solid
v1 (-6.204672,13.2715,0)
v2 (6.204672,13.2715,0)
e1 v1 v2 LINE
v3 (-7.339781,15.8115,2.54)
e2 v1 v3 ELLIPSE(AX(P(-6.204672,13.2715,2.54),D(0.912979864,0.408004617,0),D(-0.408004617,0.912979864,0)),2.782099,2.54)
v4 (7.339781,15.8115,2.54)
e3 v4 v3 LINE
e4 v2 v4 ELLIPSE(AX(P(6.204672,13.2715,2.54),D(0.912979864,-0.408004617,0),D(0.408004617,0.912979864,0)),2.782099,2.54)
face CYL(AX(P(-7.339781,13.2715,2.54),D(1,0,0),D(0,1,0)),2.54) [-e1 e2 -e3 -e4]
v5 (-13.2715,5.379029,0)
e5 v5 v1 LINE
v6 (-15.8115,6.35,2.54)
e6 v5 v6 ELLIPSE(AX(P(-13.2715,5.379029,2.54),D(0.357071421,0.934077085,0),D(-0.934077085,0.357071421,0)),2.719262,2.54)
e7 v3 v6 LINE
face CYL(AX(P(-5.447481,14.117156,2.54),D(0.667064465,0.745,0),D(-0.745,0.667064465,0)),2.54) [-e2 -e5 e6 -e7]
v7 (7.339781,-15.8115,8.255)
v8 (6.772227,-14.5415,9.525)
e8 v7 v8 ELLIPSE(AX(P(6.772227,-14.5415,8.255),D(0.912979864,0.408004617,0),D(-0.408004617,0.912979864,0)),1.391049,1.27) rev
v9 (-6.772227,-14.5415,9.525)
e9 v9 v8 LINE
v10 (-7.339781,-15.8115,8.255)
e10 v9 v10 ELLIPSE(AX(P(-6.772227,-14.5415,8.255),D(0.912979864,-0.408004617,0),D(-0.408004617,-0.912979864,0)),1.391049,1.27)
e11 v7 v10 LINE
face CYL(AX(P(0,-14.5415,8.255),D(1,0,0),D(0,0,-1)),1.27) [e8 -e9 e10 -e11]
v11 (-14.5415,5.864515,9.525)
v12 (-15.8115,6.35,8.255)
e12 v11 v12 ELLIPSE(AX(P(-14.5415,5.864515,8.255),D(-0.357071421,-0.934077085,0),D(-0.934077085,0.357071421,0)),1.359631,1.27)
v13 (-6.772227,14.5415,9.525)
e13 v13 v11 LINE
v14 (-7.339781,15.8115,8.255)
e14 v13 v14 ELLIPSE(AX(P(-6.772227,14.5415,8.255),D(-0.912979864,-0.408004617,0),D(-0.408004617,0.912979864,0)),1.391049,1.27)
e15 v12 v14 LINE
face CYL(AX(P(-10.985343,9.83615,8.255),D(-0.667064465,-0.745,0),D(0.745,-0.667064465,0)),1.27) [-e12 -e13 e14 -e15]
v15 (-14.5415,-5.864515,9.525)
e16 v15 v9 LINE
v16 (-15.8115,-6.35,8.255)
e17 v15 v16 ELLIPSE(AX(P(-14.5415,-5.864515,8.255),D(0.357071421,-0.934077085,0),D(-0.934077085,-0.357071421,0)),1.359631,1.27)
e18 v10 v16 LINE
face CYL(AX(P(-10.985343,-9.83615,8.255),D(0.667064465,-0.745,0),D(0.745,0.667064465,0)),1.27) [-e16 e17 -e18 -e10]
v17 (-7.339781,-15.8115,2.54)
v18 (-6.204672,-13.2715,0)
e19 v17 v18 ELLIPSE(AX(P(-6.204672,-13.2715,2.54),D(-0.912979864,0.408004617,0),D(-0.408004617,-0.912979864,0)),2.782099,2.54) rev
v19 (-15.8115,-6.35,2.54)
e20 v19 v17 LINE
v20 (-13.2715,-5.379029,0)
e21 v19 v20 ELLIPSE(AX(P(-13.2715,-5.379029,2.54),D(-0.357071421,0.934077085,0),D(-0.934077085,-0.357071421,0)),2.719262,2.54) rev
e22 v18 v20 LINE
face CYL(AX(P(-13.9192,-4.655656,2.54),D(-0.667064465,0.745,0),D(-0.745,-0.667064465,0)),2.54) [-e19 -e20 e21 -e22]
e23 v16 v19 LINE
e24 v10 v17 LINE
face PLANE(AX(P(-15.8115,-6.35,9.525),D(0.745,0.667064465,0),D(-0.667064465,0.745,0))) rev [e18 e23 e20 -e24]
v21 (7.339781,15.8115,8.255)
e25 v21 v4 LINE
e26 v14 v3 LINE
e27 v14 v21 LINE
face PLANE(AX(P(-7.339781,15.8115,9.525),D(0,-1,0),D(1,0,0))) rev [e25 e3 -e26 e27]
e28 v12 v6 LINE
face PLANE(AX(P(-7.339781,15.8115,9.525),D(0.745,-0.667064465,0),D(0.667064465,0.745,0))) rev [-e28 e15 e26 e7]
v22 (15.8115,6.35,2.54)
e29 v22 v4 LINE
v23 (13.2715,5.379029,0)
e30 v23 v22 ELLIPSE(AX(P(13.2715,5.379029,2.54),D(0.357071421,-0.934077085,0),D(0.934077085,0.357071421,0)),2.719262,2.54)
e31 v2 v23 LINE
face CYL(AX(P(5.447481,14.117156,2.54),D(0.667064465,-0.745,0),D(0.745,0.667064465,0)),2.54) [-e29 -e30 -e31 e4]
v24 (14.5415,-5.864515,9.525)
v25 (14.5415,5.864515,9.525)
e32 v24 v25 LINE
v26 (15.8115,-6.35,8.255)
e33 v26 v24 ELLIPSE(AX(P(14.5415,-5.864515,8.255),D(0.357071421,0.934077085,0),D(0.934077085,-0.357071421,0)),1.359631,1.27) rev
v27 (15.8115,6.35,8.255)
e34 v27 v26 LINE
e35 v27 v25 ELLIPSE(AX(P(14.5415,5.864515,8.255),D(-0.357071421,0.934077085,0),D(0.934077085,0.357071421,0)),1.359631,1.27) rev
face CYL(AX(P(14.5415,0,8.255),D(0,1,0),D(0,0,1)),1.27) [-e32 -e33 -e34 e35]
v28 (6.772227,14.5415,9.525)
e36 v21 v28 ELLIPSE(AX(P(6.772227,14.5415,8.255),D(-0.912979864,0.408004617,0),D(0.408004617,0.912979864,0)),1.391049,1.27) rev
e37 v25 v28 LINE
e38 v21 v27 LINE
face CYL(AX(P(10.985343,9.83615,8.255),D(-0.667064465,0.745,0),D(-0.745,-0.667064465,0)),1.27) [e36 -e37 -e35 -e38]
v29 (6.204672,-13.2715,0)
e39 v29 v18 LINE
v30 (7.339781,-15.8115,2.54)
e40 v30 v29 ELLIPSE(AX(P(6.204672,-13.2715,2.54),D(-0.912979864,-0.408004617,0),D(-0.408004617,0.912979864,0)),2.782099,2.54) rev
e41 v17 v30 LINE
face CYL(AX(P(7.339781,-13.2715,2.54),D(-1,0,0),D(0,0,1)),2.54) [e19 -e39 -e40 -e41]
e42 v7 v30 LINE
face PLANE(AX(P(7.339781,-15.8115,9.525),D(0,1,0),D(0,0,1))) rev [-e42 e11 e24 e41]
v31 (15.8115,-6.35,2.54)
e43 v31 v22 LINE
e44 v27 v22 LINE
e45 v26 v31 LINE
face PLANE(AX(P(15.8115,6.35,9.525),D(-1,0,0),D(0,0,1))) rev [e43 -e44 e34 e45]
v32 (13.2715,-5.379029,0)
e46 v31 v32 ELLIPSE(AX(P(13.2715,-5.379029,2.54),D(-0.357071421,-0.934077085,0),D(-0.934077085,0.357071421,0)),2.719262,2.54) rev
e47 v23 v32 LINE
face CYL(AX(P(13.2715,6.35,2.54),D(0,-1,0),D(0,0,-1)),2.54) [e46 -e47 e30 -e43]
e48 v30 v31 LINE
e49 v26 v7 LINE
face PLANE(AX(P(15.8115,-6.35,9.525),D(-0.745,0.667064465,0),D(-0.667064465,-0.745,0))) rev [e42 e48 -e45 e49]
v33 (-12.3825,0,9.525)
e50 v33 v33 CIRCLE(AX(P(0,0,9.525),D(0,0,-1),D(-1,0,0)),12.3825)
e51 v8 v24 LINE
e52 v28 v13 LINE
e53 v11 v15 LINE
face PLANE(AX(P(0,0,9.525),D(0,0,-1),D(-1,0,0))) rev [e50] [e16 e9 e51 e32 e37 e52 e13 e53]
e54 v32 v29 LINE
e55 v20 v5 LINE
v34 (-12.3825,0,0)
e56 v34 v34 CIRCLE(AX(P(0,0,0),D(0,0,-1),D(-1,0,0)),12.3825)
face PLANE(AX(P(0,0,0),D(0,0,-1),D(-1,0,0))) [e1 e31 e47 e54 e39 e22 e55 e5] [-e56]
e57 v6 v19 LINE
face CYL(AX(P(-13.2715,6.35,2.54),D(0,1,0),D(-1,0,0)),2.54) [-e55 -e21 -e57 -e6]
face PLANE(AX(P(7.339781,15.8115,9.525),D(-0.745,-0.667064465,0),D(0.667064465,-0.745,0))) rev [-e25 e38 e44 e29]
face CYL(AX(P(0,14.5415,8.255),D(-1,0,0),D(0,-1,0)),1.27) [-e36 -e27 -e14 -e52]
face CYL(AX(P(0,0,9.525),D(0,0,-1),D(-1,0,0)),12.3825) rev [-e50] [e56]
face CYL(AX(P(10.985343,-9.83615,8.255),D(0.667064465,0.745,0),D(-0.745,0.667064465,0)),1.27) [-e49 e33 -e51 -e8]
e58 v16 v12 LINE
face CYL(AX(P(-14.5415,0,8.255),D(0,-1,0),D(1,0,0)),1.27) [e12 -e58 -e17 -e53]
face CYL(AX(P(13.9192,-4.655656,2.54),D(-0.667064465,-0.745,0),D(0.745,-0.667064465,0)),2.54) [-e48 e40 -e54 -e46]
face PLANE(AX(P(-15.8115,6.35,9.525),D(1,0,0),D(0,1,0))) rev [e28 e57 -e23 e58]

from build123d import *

# Parameters (mm, degrees)
BOSS_EXTRUDE1_DEPTH = 9.525
FILLET1_R           = 2.54
SKETCH2_R           = 12.3825
CUT_EXTRUDE1_DEPTH  = 10.525
FILLET2_R           = 1.27


with BuildPart() as part:
    # Sketch1 → Boss-Extrude1 (new body)
    with BuildSketch(Plane.XY):
        Polygon((-7.339781299, 15.8115), (7.339781299, 15.8115), (15.8115, 6.35), (15.8115, -6.35), (7.339781299, -15.8115), (-7.339781299, -15.8115), (-15.8115, -6.35), (-15.8115, 6.35), align=None)
    extrude(amount=BOSS_EXTRUDE1_DEPTH)

    # Fillet1
    fillet1_edges = [part.edges().sort_by_distance(p)[0] for p in [
        (15.8115, 0, 0),
        (11.575640649, -11.08075, 0),
        (0, -15.8115, 0),
        (-11.575640649, -11.08075, 0),
        (-15.8115, 0, 0),
        (-11.575640649, 11.08075, 0),
        (0, 15.8115, 0),
        (11.575640649, 11.08075, 0),
    ]]
    fillet(fillet1_edges, radius=FILLET1_R)

    # Sketch2 → Cut-Extrude1 (cut, through all)
    with BuildSketch(Plane(origin=(0, 0, 0), x_dir=(-1, 0, 0), z_dir=(0, 0, -1))):
        Circle(SKETCH2_R)
    extrude(amount=-CUT_EXTRUDE1_DEPTH, mode=Mode.SUBTRACT)

    # Fillet2
    fillet2_edges = [part.edges().sort_by_distance(p)[0] for p in [
        (11.575640649, -11.08075, 9.525),
        (15.8115, 0, 9.525),
        (11.575640649, 11.08075, 9.525),
        (0, 15.8115, 9.525),
        (-11.575640649, 11.08075, 9.525),
        (-15.8115, 0, 9.525),
        (-11.575640649, -11.08075, 9.525),
        (0, -15.8115, 9.525),
    ]]
    fillet(fillet2_edges, radius=FILLET2_R)


solid = part.part
